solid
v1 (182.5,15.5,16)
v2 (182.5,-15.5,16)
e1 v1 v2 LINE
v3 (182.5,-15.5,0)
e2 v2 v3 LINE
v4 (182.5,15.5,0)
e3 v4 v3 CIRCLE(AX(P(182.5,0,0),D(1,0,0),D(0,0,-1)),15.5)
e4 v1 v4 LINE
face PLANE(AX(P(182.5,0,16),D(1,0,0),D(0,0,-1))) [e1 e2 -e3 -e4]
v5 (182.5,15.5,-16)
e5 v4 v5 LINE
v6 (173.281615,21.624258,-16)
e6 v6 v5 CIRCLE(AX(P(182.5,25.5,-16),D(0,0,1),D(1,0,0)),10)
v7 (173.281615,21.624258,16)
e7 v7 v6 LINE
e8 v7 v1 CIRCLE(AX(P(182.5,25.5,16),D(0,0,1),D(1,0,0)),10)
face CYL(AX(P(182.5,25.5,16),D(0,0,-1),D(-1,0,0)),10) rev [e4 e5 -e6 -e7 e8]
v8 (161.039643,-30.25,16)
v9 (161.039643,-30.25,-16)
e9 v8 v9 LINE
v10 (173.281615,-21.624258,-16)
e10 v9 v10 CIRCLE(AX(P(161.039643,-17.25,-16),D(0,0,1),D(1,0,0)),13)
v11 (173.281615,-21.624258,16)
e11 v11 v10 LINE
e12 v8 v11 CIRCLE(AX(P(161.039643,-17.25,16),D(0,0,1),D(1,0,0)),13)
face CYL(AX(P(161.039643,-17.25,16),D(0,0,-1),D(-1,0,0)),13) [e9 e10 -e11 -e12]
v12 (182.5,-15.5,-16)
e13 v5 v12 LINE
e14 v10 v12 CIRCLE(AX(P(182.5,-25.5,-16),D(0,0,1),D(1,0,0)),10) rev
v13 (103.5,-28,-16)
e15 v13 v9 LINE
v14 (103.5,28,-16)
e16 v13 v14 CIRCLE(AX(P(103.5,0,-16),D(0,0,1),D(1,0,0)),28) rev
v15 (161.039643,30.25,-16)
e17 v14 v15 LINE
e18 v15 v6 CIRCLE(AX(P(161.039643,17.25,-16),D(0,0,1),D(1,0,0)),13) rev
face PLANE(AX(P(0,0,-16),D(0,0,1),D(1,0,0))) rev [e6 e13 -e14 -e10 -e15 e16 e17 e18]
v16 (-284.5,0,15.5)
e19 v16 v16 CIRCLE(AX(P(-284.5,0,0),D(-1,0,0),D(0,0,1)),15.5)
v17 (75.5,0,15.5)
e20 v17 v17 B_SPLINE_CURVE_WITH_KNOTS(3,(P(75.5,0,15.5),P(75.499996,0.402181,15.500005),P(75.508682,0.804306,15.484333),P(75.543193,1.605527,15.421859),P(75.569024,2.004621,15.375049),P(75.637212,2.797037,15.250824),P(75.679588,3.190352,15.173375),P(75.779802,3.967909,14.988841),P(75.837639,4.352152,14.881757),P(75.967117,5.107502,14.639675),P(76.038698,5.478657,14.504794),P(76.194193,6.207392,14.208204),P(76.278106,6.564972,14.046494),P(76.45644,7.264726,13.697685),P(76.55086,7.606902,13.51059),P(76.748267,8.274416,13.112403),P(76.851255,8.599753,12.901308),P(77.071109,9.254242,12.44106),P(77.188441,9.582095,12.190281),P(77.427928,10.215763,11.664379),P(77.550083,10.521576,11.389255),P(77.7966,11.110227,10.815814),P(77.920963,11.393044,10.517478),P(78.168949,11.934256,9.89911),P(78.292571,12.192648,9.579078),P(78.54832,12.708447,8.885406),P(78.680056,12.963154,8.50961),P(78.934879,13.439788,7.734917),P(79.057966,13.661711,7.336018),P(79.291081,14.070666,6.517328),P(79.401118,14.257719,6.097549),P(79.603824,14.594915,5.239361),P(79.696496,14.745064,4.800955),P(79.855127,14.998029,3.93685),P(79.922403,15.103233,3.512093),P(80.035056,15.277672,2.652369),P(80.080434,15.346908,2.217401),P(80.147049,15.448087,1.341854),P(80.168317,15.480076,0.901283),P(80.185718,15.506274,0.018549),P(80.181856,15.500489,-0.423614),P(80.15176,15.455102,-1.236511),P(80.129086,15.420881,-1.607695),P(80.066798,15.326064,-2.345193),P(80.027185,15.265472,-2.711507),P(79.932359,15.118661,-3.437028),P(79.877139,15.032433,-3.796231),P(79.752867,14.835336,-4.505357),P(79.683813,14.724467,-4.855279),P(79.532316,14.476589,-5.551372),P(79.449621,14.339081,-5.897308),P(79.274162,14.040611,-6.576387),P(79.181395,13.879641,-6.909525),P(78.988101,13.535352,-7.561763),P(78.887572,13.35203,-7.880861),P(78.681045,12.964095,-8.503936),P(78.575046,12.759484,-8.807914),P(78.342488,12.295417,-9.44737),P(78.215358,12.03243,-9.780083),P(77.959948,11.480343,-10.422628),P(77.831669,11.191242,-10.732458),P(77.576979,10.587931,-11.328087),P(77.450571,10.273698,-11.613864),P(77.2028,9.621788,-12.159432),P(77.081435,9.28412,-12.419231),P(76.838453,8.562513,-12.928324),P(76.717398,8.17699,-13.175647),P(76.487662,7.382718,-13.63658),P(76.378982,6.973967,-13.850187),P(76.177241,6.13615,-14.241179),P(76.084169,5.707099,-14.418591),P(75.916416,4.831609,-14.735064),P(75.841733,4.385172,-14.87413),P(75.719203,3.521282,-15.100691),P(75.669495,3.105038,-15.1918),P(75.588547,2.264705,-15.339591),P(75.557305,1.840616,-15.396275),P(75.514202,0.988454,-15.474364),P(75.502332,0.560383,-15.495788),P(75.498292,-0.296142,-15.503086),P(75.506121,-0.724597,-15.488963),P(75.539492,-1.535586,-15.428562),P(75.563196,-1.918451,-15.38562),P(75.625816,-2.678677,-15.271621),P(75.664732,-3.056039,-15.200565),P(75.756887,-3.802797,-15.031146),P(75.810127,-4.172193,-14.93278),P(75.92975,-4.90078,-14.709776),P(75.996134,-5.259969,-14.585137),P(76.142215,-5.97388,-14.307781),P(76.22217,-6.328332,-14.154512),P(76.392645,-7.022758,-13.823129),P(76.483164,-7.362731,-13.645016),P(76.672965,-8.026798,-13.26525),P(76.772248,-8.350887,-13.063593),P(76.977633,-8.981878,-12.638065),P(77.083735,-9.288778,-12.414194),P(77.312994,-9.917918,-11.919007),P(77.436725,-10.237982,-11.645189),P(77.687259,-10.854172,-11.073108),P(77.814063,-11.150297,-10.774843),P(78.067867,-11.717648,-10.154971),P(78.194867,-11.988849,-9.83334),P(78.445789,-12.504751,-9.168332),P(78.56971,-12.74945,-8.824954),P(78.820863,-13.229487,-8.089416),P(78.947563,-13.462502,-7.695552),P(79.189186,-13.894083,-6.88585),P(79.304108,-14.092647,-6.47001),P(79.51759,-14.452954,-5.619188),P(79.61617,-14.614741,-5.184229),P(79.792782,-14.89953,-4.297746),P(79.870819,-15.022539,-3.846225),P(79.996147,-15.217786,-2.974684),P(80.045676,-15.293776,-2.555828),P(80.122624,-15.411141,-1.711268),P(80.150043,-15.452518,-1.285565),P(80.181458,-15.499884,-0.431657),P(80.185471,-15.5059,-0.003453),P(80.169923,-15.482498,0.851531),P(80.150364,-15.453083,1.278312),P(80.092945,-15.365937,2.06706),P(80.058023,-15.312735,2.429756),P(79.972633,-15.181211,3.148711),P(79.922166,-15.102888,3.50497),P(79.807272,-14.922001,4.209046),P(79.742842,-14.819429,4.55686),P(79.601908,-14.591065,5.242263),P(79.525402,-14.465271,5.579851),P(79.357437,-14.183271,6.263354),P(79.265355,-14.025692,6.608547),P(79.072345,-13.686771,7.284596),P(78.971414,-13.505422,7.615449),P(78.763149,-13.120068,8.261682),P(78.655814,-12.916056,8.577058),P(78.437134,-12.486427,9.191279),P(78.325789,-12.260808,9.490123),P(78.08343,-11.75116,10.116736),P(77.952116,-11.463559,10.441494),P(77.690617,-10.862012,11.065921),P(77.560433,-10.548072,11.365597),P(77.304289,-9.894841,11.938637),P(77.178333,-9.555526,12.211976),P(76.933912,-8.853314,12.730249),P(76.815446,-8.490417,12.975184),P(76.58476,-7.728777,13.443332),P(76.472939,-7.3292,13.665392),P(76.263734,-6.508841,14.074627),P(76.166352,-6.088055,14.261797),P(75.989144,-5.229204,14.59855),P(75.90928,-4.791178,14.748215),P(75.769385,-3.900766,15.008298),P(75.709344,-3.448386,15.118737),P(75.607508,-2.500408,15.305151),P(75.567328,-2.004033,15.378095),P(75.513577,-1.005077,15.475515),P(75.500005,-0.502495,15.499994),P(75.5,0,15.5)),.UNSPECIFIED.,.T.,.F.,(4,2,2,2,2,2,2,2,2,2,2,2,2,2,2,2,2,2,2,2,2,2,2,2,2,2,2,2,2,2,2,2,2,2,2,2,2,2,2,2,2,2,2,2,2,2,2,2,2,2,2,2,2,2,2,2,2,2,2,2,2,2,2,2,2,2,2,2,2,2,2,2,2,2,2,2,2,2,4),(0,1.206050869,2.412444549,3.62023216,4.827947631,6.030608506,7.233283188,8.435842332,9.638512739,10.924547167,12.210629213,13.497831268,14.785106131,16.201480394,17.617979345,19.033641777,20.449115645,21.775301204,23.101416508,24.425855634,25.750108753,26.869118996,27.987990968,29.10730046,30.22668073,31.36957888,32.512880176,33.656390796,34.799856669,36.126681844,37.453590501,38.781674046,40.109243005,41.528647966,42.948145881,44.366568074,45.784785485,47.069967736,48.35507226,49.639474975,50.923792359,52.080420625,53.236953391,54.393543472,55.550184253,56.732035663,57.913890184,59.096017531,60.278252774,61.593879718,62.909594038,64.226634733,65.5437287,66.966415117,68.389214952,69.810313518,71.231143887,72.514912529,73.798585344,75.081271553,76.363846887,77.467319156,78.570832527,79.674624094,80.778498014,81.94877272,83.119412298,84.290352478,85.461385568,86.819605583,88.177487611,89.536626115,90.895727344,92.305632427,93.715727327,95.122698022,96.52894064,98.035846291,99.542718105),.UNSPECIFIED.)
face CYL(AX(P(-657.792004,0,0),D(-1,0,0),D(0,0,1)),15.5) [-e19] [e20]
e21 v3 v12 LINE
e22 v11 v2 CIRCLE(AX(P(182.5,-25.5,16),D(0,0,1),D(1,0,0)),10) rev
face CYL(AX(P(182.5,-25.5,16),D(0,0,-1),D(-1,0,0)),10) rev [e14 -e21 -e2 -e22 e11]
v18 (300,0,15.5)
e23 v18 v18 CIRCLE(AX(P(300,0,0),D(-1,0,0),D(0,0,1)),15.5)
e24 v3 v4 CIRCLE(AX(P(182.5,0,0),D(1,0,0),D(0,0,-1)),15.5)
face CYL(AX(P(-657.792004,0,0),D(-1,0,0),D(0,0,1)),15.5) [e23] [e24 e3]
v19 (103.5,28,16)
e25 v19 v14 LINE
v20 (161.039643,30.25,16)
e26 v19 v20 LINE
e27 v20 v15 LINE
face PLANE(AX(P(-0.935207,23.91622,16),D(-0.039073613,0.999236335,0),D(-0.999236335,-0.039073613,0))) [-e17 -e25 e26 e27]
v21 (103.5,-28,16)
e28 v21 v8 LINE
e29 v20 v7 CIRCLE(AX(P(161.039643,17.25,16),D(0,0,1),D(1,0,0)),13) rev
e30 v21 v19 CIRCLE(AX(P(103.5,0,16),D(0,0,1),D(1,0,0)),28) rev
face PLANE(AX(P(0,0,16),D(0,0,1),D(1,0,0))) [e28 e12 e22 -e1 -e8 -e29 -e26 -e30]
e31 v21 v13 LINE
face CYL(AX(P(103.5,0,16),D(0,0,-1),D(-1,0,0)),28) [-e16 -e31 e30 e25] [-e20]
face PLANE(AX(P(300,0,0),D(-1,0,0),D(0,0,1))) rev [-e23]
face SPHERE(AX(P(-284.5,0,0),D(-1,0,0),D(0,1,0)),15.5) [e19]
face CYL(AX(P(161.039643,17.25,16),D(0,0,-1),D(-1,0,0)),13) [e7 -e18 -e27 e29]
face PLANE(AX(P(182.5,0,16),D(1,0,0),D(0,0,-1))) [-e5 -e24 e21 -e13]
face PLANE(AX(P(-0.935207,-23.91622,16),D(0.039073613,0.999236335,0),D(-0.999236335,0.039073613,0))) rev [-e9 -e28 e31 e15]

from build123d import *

# Parameters (mm, degrees)
SALIENTE_EXTRUIR1_DEPTH = 16


with BuildPart() as part:
    # Croquis1 → Revolución1 (revolve)
    with BuildSketch(Plane.XY):
        with BuildLine():
            Line((-300, 0), (300, 0))
            Line((300, 0), (300, 15.5))
            Line((300, 15.5), (-284.5, 15.5))
            ThreePointArc((-284.5, 15.5), (-295.460155108, 10.960155108), (-300, 0))
        make_face()
    revolve(axis=Axis((-657.792003839, 0, 0), (1, 0, 0)))

    # Croquis3 → Saliente-Extruir1 (add, symmetric)
    with BuildSketch(Plane.XY):
        with BuildLine():
            ThreePointArc((103.5, 28), (78.822074641, 13.228756555), (80.181552367, -15.5))
            Line((80.181552367, -15.5), (182.5, -15.5))
            Line((182.5, -15.5), (182.5, 15.5))
            ThreePointArc((182.5, 15.5), (176.96634932, 17.170611658), (173.281614908, 21.624257969))
            ThreePointArc((173.281614908, 21.624257969), (168.527455009, 27.876978724), (161.039643366, 30.25))
            Line((161.039643366, 30.25), (103.5, 28))
        make_face()
        with BuildLine():
            ThreePointArc((80.181552367, -15.5), (90.271243445, -24.677925359), (103.5, -28))
            Line((103.5, -28), (161.039643366, -30.25))
            ThreePointArc((161.039643366, -30.25), (168.527455009, -27.876978724), (173.281614908, -21.624257969))
            ThreePointArc((173.281614908, -21.624257969), (176.96634932, -17.170611658), (182.5, -15.5))
            Line((182.5, -15.5), (80.181552367, -15.5))
        make_face()
    extrude(amount=SALIENTE_EXTRUIR1_DEPTH, both=True)


solid = part.part
